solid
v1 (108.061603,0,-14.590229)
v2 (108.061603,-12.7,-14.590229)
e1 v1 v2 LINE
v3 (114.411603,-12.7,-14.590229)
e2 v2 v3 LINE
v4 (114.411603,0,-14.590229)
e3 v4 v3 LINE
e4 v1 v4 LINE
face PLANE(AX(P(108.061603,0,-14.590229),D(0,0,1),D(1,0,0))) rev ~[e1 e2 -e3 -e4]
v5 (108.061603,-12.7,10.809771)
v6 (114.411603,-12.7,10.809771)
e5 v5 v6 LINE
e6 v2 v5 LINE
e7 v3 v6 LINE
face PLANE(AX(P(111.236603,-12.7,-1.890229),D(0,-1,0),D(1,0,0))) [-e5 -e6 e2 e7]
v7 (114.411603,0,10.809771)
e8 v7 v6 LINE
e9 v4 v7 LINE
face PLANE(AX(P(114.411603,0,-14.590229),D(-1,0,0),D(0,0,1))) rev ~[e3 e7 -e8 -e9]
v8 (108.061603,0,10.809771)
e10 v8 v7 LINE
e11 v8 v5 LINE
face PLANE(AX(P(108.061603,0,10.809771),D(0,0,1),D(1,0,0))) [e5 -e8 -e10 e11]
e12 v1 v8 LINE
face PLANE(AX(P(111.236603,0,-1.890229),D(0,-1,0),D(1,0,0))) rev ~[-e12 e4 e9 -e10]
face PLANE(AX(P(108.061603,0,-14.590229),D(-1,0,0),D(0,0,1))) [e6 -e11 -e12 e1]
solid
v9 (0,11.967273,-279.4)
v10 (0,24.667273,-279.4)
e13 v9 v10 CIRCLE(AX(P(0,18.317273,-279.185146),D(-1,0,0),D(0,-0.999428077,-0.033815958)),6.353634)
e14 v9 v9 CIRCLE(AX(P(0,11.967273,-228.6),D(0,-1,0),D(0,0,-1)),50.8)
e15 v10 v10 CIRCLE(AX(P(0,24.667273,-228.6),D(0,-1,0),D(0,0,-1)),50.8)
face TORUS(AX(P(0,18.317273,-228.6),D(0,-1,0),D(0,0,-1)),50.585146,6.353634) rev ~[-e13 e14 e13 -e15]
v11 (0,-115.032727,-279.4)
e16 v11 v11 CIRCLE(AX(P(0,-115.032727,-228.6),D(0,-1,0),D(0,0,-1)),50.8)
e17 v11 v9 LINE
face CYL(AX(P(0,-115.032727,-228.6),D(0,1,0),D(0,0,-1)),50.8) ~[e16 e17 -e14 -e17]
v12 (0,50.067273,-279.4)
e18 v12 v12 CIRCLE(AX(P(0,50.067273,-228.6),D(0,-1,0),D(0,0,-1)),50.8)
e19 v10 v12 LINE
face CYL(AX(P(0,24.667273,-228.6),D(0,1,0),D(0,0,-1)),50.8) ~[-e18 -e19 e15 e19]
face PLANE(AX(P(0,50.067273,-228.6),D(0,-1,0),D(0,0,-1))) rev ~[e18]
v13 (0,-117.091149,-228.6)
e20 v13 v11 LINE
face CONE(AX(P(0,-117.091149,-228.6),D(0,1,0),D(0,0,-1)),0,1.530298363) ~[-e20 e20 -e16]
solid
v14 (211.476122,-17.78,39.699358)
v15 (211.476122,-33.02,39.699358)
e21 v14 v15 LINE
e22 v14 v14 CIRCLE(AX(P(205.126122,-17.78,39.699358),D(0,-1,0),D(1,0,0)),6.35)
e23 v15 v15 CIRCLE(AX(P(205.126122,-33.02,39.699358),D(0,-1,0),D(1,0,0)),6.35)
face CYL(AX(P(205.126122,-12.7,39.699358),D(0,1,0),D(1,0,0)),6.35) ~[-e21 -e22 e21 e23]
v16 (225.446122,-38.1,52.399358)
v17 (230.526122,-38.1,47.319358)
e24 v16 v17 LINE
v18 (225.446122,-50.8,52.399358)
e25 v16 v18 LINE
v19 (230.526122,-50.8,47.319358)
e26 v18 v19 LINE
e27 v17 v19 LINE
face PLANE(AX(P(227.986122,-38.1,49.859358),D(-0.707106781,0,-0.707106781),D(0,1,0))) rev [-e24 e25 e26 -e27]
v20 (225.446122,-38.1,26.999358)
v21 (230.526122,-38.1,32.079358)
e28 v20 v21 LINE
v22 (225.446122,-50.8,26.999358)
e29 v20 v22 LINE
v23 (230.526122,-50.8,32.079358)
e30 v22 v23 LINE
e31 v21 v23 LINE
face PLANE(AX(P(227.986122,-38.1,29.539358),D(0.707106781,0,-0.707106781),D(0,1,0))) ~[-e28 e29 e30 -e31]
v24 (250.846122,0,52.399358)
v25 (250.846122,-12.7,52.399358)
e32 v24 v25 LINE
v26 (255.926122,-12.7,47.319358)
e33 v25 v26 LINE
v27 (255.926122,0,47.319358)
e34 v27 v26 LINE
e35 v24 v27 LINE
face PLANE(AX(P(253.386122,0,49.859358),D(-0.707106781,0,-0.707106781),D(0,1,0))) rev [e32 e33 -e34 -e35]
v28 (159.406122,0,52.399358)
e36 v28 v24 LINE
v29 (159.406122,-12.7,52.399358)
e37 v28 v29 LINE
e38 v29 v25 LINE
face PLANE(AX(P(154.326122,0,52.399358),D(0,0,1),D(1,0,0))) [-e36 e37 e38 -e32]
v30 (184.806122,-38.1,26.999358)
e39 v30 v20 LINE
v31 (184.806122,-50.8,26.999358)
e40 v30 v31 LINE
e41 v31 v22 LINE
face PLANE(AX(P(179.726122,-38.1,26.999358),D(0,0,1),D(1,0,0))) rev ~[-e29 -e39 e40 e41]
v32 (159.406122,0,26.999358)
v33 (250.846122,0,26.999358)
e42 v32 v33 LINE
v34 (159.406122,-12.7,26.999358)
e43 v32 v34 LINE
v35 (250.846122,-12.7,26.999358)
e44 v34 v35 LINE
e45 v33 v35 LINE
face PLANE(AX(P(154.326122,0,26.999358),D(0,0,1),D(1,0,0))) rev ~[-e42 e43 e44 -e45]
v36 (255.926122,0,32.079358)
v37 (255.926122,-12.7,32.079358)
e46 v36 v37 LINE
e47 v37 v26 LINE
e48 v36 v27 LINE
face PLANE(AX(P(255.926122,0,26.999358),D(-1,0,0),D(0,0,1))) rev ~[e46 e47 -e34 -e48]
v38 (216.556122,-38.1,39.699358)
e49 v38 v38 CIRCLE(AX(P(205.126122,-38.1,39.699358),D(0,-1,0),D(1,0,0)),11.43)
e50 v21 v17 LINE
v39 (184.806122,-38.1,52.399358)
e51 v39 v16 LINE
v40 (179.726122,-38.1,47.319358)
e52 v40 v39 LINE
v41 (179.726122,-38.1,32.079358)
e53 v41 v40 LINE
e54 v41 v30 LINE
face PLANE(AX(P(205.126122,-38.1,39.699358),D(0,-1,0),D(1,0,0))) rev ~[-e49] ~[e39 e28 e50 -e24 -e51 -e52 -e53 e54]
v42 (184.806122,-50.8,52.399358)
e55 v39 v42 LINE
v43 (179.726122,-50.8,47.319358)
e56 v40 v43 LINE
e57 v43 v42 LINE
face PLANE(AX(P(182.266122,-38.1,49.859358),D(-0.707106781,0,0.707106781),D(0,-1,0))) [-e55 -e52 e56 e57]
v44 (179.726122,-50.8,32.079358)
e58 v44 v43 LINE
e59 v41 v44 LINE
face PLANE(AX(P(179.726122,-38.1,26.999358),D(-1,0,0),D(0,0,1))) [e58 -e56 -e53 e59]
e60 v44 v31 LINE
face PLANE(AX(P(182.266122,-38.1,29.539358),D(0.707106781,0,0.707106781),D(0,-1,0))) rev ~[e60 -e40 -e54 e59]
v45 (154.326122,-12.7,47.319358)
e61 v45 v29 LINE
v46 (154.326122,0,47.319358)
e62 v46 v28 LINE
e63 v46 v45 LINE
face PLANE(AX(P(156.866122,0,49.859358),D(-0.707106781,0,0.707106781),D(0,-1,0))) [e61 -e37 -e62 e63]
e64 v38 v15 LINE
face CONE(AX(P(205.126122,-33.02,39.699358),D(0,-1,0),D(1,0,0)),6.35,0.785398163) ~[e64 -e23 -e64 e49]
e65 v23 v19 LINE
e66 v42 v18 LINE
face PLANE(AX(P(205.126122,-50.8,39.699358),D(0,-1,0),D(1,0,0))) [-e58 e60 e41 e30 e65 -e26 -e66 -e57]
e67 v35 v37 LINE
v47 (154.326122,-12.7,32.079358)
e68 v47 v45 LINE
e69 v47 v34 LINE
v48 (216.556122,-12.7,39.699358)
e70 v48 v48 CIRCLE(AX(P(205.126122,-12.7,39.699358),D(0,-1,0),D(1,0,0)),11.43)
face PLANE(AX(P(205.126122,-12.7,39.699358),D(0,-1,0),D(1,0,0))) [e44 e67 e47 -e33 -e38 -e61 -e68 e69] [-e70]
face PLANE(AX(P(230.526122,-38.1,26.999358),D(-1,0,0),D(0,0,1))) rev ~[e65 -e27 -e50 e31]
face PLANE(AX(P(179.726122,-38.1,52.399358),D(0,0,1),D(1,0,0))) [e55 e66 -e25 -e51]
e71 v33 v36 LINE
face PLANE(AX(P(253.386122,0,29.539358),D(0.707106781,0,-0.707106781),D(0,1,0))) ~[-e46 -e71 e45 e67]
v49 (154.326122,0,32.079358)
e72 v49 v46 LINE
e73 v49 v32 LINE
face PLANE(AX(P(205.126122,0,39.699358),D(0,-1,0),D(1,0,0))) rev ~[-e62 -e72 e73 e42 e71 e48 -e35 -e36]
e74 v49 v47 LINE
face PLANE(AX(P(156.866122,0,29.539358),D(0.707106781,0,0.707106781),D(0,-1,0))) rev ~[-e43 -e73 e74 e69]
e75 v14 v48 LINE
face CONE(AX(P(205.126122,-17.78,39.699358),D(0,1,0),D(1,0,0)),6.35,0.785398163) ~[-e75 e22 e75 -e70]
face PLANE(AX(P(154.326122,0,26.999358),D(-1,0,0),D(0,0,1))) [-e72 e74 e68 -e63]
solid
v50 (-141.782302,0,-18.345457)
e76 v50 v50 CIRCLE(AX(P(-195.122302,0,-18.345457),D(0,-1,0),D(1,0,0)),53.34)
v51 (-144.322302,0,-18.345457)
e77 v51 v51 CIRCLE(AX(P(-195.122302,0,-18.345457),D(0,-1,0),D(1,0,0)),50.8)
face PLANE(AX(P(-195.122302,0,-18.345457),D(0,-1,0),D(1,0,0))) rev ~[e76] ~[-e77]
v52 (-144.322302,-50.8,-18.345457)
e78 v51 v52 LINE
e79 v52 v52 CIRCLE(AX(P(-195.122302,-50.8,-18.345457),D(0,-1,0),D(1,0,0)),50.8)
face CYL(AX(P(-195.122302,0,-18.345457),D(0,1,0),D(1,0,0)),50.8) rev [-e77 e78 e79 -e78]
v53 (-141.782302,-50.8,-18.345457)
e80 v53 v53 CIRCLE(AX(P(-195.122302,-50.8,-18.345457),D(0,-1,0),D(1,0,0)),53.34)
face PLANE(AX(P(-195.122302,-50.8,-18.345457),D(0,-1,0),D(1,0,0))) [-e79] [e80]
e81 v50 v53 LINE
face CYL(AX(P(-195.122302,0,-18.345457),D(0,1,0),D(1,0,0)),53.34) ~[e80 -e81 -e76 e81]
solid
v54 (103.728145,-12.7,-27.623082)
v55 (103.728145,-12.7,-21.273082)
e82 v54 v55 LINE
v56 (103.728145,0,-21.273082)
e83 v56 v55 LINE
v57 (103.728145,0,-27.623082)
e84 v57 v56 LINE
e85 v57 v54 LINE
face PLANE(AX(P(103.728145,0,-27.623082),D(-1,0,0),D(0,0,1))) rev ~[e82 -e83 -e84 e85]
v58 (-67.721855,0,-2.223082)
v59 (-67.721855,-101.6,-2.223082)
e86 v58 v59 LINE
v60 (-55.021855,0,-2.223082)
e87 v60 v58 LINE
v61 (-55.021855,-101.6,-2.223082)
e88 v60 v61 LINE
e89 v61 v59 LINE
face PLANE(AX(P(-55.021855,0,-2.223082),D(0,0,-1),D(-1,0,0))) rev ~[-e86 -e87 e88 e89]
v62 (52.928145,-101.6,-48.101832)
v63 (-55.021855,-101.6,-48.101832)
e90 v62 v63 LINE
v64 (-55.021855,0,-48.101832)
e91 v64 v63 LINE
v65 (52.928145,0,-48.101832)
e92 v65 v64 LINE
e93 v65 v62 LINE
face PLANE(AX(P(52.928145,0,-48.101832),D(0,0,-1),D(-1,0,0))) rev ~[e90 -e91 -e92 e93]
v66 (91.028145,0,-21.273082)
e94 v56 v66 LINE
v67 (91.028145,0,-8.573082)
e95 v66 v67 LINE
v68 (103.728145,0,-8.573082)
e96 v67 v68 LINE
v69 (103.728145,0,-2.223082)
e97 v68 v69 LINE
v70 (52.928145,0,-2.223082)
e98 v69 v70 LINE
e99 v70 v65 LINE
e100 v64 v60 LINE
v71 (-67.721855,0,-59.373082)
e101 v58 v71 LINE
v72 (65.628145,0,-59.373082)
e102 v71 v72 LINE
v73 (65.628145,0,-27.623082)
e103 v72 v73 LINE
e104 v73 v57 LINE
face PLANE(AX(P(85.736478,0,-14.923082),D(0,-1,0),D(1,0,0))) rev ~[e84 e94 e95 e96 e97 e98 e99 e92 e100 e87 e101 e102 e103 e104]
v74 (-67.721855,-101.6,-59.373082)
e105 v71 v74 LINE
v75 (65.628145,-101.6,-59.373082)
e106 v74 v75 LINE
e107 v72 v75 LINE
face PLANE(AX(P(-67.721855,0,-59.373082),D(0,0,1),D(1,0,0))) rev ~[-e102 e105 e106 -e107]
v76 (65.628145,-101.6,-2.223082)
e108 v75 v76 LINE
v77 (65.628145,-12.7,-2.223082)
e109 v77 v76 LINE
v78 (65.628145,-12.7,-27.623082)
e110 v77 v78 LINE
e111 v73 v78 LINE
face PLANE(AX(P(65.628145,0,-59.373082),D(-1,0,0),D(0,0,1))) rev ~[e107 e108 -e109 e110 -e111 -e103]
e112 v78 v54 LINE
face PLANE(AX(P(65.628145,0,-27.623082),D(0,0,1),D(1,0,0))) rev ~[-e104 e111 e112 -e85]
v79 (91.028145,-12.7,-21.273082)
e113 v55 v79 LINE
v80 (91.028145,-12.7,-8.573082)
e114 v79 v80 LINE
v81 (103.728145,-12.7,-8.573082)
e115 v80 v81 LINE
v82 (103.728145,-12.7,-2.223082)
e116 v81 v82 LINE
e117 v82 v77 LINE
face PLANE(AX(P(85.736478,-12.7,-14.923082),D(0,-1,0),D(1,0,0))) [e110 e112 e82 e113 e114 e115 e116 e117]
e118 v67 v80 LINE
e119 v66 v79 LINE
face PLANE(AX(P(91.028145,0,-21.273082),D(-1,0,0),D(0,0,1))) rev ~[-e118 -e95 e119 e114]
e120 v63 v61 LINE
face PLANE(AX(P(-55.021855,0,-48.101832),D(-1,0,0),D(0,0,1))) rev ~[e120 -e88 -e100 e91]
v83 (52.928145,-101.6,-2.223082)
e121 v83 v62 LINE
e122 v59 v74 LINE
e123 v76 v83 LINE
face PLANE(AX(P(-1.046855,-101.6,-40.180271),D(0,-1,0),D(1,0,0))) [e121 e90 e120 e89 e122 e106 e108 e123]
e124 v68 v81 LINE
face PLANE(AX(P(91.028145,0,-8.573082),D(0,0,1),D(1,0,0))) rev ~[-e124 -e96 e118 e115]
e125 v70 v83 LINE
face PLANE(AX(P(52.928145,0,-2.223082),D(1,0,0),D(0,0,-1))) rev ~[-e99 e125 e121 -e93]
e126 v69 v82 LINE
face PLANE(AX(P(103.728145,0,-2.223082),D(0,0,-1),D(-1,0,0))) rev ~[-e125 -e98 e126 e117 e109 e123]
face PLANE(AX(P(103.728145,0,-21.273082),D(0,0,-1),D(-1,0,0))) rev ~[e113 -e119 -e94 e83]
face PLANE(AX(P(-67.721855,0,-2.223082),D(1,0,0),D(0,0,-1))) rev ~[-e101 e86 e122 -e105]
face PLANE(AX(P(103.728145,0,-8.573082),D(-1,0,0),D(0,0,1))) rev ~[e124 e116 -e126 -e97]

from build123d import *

# Parameters (mm, degrees)
F1_DEPTH  = 101.6
F2_R      = 53.34
F2_R_2    = 50.8
F3_DEPTH  = 50.8
F4_W      = 101.6
F4_H      = 25.4
F5_DEPTH  = 12.7
F6_R      = 6.35
F7_DEPTH  = 25.4
F8_W      = 50.8
F8_H      = 25.4
F9_DEPTH  = 12.7
F10_SIZE  = 5.08
F11_DEPTH = 12.7
F12_W     = 6.35
F12_H     = 25.4
F13_DEPTH = 12.7


with BuildPart() as f1:
    # F0 (on Front) → F1 (new body)
    with BuildSketch(Plane.XZ):
        Polygon((-55.021855, -48.101832), (-55.021855, -2.223082), (-67.721855, -2.223082), (-67.721855, -59.373082), (65.628145, -59.373082), (65.628145, -27.623082), (65.628145, -2.223082), (52.928145, -2.223082), (52.928145, -48.101832), align=None)
    extrude(amount=F1_DEPTH)

    # F0 (on Front) → F11 (join)
    with BuildSketch(Plane.XZ):
        Polygon((103.728145, -2.223082), (65.628145, -2.223082), (65.628145, -27.623082), (103.728145, -27.623082), (103.728145, -21.273082), (91.028145, -21.273082), (91.028145, -8.573082), (103.728145, -8.573082), align=None)
    extrude(amount=F11_DEPTH)


with BuildPart() as f3:
    # F2 (on Front) → F3 (new body)
    with BuildSketch(Plane.XZ):
        with Locations((-195.122302, -18.345457)):
            Circle(F2_R)
        with Locations((-195.122302, -18.345457)):
            Circle(F2_R_2, mode=Mode.SUBTRACT)
    extrude(amount=F3_DEPTH)


with BuildPart() as f5:
    # F4 (on Front) → F5 (new body)
    with BuildSketch(Plane.XZ):
        with Locations((205.126122, 39.699358)):
            Rectangle(F4_W, F4_H)
    extrude(amount=F5_DEPTH)

    # F6 (on face) → F7 (join)
    with BuildSketch(Plane.XZ.offset(12.7)):
        with Locations((205.126122, 39.699358)):
            Circle(F6_R)
    extrude(amount=F7_DEPTH)

    # F8 (on face) → F9 (join)
    with BuildSketch(Plane.XZ.offset(38.1)):
        with Locations((205.126122, 39.699358)):
            Rectangle(F8_W, F8_H)
    extrude(amount=F9_DEPTH)

    # F10
    f10_edges = [f5.edges().sort_by_distance(p)[0] for p in [
        (154.326122, -6.35, 52.399358),
        (154.326122, -6.35, 26.999358),
        (179.726122, -44.45, 26.999358),
        (179.726122, -44.45, 52.399358),
        (230.526122, -44.45, 52.399358),
        (255.926122, -6.35, 52.399358),
        (255.926122, -6.35, 26.999358),
        (230.526122, -44.45, 26.999358),
        (198.776122, -12.7, 39.699358),
        (198.776122, -38.1, 39.699358),
    ]]
    chamfer(f10_edges, length=F10_SIZE)


with BuildPart() as f13:
    # F12 (on Front) → F13 (new body)
    with BuildSketch(Plane.XZ):
        with Locations((111.236603, -1.890229)):
            Rectangle(F12_W, F12_H)
    extrude(amount=F13_DEPTH)


with BuildPart() as f15:
    # F14 (on Right) → F15 (revolve)
    with BuildSketch(Plane.YZ):
        with BuildLine():
            Line((-117.091149, -228.6), (-115.032727, -279.4))
            Line((-115.032727, -279.4), (11.967273, -279.4))
            ThreePointArc((11.967273, -279.4), (18.317273, -272.831512), (24.667273, -279.4))
            Line((24.667273, -279.4), (50.067273, -279.4))
            Line((50.067273, -279.4), (50.067273, -228.6))
            Line((50.067273, -228.6), (-117.091149, -228.6))
        make_face()
    revolve(axis=Axis((0, -33.511938, -228.6), (0, -1, 0)))


solid = Compound([f1.part, f3.part, f5.part, f13.part, f15.part])
